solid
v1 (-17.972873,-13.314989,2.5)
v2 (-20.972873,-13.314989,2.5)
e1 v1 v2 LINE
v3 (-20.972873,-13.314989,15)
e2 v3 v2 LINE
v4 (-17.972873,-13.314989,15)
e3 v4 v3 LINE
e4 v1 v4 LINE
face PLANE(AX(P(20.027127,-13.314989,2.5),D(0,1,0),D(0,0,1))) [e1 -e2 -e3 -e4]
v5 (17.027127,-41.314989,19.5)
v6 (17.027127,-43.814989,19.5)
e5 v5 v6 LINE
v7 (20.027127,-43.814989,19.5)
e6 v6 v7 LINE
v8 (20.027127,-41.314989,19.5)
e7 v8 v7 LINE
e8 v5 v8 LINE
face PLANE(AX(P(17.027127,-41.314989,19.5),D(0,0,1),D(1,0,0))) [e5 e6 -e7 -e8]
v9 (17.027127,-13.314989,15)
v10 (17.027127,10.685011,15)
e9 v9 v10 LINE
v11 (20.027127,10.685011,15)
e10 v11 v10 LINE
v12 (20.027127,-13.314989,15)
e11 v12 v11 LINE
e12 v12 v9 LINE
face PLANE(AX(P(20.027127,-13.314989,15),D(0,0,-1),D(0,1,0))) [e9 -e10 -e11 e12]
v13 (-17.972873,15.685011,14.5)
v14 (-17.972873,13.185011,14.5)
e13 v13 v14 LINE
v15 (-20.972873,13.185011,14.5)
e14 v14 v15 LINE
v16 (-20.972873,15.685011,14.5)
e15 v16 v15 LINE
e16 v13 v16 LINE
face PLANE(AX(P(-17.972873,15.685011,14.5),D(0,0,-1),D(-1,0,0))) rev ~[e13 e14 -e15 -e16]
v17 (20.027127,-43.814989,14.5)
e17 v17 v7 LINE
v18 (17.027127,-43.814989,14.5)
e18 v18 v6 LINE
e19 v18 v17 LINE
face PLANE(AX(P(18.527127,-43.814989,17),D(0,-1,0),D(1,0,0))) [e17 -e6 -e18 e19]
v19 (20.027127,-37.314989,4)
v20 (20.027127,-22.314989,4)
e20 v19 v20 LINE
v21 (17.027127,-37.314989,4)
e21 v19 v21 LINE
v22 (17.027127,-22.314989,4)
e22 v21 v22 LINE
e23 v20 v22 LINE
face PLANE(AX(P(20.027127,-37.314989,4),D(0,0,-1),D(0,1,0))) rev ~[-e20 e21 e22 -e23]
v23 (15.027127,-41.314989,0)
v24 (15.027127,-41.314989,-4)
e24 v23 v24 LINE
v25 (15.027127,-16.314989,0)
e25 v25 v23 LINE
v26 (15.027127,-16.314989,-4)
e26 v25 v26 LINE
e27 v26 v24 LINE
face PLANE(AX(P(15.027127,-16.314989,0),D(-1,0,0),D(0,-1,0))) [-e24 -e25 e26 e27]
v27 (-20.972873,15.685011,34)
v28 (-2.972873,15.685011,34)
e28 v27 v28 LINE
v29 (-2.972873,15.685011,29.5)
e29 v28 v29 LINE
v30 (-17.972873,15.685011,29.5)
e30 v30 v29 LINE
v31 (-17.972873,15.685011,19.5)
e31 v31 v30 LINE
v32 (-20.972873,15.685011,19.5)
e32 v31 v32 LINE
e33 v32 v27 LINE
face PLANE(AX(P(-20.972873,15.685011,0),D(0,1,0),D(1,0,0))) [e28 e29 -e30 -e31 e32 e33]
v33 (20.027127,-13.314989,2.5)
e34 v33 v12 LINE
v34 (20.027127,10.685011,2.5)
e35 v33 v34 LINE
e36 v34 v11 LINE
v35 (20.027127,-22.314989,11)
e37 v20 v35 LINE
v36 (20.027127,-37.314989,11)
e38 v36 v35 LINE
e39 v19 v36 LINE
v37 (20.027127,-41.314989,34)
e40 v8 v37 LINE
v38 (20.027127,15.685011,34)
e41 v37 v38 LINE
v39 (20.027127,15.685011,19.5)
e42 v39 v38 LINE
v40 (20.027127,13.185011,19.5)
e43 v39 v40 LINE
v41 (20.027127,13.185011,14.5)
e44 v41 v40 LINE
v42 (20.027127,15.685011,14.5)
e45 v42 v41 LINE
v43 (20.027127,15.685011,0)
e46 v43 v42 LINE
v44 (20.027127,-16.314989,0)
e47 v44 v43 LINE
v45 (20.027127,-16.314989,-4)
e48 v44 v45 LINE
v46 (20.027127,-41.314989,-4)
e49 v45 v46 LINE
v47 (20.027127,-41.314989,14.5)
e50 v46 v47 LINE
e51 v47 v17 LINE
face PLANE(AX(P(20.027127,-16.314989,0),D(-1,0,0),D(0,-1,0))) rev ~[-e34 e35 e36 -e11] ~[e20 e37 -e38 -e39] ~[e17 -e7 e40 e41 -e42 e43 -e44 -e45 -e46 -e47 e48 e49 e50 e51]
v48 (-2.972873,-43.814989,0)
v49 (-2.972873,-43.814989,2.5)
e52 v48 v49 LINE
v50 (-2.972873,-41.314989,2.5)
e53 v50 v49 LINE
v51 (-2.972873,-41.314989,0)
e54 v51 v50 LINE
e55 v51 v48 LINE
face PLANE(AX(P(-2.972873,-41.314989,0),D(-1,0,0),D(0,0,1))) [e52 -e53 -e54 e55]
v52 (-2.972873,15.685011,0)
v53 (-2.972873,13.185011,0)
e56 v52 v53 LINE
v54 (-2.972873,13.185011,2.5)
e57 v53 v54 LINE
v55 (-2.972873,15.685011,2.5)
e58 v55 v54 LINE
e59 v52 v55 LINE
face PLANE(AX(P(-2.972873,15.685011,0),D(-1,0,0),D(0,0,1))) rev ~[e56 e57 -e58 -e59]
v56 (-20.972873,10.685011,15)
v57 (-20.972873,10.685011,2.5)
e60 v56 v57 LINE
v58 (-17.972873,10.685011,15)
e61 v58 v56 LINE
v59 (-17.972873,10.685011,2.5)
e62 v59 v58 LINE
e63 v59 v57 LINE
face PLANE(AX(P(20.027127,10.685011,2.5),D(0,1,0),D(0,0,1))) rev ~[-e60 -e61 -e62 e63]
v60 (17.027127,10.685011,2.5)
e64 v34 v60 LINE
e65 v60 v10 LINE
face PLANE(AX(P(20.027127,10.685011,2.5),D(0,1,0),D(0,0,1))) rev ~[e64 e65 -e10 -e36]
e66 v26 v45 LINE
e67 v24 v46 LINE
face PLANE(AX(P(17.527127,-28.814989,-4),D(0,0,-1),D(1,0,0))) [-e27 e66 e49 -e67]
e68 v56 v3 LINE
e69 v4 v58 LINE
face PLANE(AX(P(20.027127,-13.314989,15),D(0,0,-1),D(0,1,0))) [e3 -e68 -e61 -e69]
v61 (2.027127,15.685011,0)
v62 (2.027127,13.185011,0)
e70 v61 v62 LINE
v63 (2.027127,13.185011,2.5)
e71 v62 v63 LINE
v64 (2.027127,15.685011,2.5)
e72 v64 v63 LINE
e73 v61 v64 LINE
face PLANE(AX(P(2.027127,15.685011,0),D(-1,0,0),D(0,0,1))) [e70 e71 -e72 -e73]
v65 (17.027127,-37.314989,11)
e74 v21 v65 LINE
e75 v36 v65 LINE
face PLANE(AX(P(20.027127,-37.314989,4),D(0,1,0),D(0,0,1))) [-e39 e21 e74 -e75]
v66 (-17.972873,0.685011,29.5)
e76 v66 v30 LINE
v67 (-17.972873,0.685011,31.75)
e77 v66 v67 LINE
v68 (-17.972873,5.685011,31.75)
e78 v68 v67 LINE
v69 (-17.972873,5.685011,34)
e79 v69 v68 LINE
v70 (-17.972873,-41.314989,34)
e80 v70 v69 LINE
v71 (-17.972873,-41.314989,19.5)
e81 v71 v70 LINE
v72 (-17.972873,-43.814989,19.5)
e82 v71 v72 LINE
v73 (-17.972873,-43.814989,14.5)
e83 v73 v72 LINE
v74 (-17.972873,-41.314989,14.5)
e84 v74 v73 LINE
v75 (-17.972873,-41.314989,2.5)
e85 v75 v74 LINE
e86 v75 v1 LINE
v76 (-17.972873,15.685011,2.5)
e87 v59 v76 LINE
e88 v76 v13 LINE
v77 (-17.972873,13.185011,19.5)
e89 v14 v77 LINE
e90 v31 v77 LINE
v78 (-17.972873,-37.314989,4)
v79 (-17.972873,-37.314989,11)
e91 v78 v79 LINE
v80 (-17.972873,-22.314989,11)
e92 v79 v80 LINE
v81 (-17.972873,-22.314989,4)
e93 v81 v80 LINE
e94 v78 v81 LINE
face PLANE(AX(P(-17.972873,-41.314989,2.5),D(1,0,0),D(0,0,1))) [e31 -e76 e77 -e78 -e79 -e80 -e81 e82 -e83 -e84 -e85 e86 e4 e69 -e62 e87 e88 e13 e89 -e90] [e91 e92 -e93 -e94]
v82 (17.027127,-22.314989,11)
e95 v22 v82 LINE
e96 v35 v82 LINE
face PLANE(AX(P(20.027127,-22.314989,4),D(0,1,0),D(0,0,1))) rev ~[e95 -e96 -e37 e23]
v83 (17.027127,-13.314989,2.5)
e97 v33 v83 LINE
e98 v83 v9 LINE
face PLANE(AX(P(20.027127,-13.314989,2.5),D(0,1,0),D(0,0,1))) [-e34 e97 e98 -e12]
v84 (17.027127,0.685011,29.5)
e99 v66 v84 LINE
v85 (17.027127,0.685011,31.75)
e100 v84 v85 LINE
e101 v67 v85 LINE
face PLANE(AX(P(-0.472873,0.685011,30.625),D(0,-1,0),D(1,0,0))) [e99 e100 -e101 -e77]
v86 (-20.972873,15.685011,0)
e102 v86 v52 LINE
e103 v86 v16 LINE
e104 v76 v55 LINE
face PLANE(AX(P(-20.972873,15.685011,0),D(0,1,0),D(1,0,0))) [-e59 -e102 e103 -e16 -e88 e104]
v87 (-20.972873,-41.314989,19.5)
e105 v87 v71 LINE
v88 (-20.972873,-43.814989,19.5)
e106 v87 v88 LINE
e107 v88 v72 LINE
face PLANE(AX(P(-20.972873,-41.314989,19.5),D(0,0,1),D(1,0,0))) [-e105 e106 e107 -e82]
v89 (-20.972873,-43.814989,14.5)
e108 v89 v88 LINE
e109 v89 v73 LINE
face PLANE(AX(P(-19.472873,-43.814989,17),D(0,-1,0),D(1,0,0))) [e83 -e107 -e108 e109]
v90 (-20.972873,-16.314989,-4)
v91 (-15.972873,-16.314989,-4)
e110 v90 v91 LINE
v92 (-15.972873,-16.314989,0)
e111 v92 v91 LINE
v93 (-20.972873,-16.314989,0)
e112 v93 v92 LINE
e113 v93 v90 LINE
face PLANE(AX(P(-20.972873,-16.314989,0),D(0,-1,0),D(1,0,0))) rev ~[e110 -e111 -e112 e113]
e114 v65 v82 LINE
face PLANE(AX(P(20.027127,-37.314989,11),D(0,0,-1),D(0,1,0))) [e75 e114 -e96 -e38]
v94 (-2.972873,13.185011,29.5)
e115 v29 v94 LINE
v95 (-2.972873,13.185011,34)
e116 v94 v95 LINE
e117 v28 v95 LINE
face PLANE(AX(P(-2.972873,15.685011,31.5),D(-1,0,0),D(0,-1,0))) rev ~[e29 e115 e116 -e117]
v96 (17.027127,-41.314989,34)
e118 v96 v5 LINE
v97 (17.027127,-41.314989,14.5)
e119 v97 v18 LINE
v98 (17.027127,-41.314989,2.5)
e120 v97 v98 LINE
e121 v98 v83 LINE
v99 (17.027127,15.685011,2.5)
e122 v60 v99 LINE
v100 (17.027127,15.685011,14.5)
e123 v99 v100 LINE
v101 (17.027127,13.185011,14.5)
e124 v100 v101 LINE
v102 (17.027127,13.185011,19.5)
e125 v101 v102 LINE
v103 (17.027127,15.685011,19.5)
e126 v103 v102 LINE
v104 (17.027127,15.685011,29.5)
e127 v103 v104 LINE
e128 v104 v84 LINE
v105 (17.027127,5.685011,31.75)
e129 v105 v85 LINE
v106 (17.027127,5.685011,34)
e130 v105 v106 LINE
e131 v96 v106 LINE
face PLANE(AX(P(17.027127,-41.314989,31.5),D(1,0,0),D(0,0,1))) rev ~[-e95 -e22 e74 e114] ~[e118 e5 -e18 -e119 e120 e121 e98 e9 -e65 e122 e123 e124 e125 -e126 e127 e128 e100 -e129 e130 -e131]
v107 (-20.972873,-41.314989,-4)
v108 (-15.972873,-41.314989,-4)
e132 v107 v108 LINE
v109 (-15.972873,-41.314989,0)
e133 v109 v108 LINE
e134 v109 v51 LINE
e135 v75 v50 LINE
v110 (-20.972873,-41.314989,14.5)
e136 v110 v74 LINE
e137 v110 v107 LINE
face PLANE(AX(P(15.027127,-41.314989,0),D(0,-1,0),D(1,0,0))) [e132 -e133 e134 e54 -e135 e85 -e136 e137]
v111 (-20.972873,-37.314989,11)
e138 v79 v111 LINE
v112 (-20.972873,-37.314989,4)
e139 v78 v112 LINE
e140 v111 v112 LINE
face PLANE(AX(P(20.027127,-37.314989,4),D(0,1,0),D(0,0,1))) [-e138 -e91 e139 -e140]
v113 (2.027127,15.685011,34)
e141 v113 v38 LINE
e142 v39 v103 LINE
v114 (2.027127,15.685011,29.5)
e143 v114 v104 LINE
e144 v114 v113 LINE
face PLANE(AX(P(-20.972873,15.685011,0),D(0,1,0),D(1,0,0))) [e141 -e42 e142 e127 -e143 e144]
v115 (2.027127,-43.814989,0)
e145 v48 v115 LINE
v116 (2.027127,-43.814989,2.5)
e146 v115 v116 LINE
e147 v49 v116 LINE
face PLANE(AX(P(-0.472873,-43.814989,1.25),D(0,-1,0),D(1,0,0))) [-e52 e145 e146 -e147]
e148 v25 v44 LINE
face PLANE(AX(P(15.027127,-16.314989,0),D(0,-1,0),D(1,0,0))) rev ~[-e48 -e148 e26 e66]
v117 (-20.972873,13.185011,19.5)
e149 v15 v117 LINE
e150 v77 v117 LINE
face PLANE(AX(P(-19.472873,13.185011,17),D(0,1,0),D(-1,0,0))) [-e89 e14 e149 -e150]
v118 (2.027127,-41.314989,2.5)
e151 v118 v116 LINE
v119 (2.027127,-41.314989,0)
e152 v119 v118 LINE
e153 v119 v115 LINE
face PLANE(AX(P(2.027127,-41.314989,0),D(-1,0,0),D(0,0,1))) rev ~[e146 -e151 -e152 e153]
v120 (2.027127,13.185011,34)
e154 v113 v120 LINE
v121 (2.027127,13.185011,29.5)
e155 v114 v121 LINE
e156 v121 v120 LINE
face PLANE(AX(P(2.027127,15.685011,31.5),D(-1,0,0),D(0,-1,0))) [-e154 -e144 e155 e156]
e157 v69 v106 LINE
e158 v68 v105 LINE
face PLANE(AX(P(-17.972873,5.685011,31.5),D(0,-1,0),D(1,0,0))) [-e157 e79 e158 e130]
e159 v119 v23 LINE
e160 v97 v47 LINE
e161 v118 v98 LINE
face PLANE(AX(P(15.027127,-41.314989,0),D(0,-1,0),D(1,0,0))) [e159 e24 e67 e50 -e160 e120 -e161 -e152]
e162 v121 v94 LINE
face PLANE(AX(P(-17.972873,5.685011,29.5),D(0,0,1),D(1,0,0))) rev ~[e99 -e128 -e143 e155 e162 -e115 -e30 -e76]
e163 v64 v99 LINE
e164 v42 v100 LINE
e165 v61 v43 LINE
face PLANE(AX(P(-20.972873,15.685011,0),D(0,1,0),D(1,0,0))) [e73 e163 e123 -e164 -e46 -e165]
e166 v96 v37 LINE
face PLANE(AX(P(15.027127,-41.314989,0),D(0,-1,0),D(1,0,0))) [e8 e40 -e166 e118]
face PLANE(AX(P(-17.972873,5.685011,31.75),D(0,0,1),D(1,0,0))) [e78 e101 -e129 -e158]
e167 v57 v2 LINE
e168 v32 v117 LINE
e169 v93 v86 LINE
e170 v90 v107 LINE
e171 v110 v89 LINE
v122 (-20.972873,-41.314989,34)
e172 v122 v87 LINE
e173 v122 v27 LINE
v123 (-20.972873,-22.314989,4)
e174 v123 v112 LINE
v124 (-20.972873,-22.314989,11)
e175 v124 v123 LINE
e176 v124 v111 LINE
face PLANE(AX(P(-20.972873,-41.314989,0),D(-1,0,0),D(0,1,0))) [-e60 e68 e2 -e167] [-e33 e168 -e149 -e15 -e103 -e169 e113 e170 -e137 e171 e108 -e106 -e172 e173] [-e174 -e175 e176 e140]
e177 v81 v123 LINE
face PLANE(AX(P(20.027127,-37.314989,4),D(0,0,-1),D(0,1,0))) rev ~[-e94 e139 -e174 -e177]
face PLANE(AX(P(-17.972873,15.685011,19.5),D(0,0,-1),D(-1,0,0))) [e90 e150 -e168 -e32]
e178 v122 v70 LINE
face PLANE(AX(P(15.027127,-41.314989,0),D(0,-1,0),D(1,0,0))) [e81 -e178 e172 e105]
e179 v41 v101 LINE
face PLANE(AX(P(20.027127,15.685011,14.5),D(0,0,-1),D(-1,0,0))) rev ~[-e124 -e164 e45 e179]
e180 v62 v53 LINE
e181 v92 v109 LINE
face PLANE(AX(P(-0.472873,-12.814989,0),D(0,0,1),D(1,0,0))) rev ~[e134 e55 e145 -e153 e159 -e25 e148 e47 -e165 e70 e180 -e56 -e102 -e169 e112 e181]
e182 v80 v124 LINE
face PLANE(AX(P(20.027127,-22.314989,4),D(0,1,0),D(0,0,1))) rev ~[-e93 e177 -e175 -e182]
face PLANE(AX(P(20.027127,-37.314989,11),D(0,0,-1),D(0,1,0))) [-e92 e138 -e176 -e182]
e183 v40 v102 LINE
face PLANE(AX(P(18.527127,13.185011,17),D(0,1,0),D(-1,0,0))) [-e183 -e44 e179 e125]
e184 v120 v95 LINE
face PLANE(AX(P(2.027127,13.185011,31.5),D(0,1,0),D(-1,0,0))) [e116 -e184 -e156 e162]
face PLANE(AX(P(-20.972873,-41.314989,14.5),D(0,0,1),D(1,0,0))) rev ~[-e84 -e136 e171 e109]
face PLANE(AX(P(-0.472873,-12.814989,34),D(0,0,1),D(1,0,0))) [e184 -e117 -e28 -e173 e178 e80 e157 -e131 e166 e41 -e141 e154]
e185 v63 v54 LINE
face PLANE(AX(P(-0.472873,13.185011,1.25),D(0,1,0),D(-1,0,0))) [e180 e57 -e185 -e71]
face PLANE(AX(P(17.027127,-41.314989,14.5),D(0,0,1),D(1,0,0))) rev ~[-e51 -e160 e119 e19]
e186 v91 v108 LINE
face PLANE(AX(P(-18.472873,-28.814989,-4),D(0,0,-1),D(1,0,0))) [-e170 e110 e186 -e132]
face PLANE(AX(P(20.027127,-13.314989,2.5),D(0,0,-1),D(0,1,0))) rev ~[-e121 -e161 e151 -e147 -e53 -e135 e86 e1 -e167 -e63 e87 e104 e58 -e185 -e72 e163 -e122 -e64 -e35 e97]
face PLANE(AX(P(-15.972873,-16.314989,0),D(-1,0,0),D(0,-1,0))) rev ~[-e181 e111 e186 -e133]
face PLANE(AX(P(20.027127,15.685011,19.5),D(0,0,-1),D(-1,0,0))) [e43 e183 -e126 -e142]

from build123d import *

# Parameters (mm, degrees)
F0_W      = 41
F0_H      = 57
F1_DEPTH  = 34
F2_W      = 35
F2_H      = 29
F3_DEPTH  = 57
F4_W      = 3
F4_H      = 5
F4_W_2    = 5
F4_H_2    = 2.5
F5_DEPTH  = 2.5
F6_W      = 35
F6_H      = 2.5
F7_DEPTH  = 47
F8_W      = 24
F8_H      = 12.5
F9_DEPTH  = 41.001
F10_W     = 5
F10_H     = 25
F11_DEPTH = 4
F12_W     = 15
F12_H     = 7
F13_DEPTH = 41.001
F14_DEPTH = 2
F15_W     = 35
F15_H     = 2.25
F16_DEPTH = 5
F17_W     = 3
F17_H     = 5
F17_W_2   = 5
F17_H_2   = 2.5
F18_DEPTH = 2.5


with BuildPart() as f1:
    # F0 (on Top) → F1 (new body)
    with BuildSketch(Plane.XY):
        with Locations((-0.472872518, -12.8149892955)):
            Rectangle(F0_W, F0_H)
    extrude(amount=F1_DEPTH)

    # F2 (on face) → F3 (cut, through all)
    with BuildSketch(Plane.XZ.offset(41.3149892955)):
        with Locations((-0.472872518, 17)):
            Rectangle(F2_W, F2_H)
    extrude(amount=-F3_DEPTH, mode=Mode.SUBTRACT)

    # F4 (on face) → F5 (cut)
    with BuildSketch(Plane(origin=(0, 15.6850107045, 0), x_dir=(-1, 0, 0), z_dir=(0, 1, 0))):
        with Locations((-18.527127482, 17)):
            Rectangle(F4_W, F4_H)
        with Locations((0.472872518, 32.75)):
            Rectangle(F4_W_2, F4_H_2)
        with Locations((19.472872518, 17)):
            Rectangle(F4_W, F4_H)
        with Locations((0.472872518, 1.25)):
            Rectangle(F4_W_2, F4_H_2)
    extrude(amount=-F5_DEPTH, mode=Mode.SUBTRACT)

    # F6 (on face) → F7 (cut)
    with BuildSketch(Plane.XZ.offset(41.3149892955)):
        with Locations((-0.472872518, 32.75)):
            Rectangle(F6_W, F6_H)
    extrude(amount=-F7_DEPTH, mode=Mode.SUBTRACT)

    # F8 (on face) → F9 (cut, through all)
    with BuildSketch(Plane.YZ.offset(20.027127482)):
        with Locations((-1.3149892955, 8.75)):
            Rectangle(F8_W, F8_H)
    extrude(amount=-F9_DEPTH, mode=Mode.SUBTRACT)

    # F10 (on face) → F11 (join)
    with BuildSketch(Plane(origin=(0, 0, 0), x_dir=(1, 0, 0), z_dir=(0, 0, -1))):
        with Locations((17.527127482, 28.8149892955)):
            Rectangle(F10_W, F10_H)
        with Locations((-18.472872518, 28.8149892955)):
            Rectangle(F10_W, F10_H)
    extrude(amount=F11_DEPTH)

    # F12 (on face) → F13 (cut, through all)
    with BuildSketch(Plane.YZ.offset(20.027127482)):
        with Locations((-29.8149892955, 7.5)):
            Rectangle(F12_W, F12_H)
    extrude(amount=-F13_DEPTH, mode=Mode.SUBTRACT)

    # F14 (add): a face of the model
    f14_faces = [f1.faces().sort_by_distance(p)[0] for p in [
        (-0.472872518, 10.5461218156, 31.5),
    ]]
    extrude(f14_faces, amount=F14_DEPTH)

    # F15 (on face) → F16 (join)
    with BuildSketch(Plane.XZ.offset(-5.6850107045)):
        with Locations((-0.472872518, 30.625)):
            Rectangle(F15_W, F15_H)
    extrude(amount=F16_DEPTH)

    # F17 (on face) → F18 (join)
    with BuildSketch(Plane.XZ.offset(41.3149892955)):
        with Locations((18.527127482, 17)):
            Rectangle(F17_W, F17_H)
        with Locations((-19.472872518, 17)):
            Rectangle(F17_W, F17_H)
        with Locations((-0.472872518, 1.25)):
            Rectangle(F17_W_2, F17_H_2)
    extrude(amount=F18_DEPTH)


solid = f1.part
